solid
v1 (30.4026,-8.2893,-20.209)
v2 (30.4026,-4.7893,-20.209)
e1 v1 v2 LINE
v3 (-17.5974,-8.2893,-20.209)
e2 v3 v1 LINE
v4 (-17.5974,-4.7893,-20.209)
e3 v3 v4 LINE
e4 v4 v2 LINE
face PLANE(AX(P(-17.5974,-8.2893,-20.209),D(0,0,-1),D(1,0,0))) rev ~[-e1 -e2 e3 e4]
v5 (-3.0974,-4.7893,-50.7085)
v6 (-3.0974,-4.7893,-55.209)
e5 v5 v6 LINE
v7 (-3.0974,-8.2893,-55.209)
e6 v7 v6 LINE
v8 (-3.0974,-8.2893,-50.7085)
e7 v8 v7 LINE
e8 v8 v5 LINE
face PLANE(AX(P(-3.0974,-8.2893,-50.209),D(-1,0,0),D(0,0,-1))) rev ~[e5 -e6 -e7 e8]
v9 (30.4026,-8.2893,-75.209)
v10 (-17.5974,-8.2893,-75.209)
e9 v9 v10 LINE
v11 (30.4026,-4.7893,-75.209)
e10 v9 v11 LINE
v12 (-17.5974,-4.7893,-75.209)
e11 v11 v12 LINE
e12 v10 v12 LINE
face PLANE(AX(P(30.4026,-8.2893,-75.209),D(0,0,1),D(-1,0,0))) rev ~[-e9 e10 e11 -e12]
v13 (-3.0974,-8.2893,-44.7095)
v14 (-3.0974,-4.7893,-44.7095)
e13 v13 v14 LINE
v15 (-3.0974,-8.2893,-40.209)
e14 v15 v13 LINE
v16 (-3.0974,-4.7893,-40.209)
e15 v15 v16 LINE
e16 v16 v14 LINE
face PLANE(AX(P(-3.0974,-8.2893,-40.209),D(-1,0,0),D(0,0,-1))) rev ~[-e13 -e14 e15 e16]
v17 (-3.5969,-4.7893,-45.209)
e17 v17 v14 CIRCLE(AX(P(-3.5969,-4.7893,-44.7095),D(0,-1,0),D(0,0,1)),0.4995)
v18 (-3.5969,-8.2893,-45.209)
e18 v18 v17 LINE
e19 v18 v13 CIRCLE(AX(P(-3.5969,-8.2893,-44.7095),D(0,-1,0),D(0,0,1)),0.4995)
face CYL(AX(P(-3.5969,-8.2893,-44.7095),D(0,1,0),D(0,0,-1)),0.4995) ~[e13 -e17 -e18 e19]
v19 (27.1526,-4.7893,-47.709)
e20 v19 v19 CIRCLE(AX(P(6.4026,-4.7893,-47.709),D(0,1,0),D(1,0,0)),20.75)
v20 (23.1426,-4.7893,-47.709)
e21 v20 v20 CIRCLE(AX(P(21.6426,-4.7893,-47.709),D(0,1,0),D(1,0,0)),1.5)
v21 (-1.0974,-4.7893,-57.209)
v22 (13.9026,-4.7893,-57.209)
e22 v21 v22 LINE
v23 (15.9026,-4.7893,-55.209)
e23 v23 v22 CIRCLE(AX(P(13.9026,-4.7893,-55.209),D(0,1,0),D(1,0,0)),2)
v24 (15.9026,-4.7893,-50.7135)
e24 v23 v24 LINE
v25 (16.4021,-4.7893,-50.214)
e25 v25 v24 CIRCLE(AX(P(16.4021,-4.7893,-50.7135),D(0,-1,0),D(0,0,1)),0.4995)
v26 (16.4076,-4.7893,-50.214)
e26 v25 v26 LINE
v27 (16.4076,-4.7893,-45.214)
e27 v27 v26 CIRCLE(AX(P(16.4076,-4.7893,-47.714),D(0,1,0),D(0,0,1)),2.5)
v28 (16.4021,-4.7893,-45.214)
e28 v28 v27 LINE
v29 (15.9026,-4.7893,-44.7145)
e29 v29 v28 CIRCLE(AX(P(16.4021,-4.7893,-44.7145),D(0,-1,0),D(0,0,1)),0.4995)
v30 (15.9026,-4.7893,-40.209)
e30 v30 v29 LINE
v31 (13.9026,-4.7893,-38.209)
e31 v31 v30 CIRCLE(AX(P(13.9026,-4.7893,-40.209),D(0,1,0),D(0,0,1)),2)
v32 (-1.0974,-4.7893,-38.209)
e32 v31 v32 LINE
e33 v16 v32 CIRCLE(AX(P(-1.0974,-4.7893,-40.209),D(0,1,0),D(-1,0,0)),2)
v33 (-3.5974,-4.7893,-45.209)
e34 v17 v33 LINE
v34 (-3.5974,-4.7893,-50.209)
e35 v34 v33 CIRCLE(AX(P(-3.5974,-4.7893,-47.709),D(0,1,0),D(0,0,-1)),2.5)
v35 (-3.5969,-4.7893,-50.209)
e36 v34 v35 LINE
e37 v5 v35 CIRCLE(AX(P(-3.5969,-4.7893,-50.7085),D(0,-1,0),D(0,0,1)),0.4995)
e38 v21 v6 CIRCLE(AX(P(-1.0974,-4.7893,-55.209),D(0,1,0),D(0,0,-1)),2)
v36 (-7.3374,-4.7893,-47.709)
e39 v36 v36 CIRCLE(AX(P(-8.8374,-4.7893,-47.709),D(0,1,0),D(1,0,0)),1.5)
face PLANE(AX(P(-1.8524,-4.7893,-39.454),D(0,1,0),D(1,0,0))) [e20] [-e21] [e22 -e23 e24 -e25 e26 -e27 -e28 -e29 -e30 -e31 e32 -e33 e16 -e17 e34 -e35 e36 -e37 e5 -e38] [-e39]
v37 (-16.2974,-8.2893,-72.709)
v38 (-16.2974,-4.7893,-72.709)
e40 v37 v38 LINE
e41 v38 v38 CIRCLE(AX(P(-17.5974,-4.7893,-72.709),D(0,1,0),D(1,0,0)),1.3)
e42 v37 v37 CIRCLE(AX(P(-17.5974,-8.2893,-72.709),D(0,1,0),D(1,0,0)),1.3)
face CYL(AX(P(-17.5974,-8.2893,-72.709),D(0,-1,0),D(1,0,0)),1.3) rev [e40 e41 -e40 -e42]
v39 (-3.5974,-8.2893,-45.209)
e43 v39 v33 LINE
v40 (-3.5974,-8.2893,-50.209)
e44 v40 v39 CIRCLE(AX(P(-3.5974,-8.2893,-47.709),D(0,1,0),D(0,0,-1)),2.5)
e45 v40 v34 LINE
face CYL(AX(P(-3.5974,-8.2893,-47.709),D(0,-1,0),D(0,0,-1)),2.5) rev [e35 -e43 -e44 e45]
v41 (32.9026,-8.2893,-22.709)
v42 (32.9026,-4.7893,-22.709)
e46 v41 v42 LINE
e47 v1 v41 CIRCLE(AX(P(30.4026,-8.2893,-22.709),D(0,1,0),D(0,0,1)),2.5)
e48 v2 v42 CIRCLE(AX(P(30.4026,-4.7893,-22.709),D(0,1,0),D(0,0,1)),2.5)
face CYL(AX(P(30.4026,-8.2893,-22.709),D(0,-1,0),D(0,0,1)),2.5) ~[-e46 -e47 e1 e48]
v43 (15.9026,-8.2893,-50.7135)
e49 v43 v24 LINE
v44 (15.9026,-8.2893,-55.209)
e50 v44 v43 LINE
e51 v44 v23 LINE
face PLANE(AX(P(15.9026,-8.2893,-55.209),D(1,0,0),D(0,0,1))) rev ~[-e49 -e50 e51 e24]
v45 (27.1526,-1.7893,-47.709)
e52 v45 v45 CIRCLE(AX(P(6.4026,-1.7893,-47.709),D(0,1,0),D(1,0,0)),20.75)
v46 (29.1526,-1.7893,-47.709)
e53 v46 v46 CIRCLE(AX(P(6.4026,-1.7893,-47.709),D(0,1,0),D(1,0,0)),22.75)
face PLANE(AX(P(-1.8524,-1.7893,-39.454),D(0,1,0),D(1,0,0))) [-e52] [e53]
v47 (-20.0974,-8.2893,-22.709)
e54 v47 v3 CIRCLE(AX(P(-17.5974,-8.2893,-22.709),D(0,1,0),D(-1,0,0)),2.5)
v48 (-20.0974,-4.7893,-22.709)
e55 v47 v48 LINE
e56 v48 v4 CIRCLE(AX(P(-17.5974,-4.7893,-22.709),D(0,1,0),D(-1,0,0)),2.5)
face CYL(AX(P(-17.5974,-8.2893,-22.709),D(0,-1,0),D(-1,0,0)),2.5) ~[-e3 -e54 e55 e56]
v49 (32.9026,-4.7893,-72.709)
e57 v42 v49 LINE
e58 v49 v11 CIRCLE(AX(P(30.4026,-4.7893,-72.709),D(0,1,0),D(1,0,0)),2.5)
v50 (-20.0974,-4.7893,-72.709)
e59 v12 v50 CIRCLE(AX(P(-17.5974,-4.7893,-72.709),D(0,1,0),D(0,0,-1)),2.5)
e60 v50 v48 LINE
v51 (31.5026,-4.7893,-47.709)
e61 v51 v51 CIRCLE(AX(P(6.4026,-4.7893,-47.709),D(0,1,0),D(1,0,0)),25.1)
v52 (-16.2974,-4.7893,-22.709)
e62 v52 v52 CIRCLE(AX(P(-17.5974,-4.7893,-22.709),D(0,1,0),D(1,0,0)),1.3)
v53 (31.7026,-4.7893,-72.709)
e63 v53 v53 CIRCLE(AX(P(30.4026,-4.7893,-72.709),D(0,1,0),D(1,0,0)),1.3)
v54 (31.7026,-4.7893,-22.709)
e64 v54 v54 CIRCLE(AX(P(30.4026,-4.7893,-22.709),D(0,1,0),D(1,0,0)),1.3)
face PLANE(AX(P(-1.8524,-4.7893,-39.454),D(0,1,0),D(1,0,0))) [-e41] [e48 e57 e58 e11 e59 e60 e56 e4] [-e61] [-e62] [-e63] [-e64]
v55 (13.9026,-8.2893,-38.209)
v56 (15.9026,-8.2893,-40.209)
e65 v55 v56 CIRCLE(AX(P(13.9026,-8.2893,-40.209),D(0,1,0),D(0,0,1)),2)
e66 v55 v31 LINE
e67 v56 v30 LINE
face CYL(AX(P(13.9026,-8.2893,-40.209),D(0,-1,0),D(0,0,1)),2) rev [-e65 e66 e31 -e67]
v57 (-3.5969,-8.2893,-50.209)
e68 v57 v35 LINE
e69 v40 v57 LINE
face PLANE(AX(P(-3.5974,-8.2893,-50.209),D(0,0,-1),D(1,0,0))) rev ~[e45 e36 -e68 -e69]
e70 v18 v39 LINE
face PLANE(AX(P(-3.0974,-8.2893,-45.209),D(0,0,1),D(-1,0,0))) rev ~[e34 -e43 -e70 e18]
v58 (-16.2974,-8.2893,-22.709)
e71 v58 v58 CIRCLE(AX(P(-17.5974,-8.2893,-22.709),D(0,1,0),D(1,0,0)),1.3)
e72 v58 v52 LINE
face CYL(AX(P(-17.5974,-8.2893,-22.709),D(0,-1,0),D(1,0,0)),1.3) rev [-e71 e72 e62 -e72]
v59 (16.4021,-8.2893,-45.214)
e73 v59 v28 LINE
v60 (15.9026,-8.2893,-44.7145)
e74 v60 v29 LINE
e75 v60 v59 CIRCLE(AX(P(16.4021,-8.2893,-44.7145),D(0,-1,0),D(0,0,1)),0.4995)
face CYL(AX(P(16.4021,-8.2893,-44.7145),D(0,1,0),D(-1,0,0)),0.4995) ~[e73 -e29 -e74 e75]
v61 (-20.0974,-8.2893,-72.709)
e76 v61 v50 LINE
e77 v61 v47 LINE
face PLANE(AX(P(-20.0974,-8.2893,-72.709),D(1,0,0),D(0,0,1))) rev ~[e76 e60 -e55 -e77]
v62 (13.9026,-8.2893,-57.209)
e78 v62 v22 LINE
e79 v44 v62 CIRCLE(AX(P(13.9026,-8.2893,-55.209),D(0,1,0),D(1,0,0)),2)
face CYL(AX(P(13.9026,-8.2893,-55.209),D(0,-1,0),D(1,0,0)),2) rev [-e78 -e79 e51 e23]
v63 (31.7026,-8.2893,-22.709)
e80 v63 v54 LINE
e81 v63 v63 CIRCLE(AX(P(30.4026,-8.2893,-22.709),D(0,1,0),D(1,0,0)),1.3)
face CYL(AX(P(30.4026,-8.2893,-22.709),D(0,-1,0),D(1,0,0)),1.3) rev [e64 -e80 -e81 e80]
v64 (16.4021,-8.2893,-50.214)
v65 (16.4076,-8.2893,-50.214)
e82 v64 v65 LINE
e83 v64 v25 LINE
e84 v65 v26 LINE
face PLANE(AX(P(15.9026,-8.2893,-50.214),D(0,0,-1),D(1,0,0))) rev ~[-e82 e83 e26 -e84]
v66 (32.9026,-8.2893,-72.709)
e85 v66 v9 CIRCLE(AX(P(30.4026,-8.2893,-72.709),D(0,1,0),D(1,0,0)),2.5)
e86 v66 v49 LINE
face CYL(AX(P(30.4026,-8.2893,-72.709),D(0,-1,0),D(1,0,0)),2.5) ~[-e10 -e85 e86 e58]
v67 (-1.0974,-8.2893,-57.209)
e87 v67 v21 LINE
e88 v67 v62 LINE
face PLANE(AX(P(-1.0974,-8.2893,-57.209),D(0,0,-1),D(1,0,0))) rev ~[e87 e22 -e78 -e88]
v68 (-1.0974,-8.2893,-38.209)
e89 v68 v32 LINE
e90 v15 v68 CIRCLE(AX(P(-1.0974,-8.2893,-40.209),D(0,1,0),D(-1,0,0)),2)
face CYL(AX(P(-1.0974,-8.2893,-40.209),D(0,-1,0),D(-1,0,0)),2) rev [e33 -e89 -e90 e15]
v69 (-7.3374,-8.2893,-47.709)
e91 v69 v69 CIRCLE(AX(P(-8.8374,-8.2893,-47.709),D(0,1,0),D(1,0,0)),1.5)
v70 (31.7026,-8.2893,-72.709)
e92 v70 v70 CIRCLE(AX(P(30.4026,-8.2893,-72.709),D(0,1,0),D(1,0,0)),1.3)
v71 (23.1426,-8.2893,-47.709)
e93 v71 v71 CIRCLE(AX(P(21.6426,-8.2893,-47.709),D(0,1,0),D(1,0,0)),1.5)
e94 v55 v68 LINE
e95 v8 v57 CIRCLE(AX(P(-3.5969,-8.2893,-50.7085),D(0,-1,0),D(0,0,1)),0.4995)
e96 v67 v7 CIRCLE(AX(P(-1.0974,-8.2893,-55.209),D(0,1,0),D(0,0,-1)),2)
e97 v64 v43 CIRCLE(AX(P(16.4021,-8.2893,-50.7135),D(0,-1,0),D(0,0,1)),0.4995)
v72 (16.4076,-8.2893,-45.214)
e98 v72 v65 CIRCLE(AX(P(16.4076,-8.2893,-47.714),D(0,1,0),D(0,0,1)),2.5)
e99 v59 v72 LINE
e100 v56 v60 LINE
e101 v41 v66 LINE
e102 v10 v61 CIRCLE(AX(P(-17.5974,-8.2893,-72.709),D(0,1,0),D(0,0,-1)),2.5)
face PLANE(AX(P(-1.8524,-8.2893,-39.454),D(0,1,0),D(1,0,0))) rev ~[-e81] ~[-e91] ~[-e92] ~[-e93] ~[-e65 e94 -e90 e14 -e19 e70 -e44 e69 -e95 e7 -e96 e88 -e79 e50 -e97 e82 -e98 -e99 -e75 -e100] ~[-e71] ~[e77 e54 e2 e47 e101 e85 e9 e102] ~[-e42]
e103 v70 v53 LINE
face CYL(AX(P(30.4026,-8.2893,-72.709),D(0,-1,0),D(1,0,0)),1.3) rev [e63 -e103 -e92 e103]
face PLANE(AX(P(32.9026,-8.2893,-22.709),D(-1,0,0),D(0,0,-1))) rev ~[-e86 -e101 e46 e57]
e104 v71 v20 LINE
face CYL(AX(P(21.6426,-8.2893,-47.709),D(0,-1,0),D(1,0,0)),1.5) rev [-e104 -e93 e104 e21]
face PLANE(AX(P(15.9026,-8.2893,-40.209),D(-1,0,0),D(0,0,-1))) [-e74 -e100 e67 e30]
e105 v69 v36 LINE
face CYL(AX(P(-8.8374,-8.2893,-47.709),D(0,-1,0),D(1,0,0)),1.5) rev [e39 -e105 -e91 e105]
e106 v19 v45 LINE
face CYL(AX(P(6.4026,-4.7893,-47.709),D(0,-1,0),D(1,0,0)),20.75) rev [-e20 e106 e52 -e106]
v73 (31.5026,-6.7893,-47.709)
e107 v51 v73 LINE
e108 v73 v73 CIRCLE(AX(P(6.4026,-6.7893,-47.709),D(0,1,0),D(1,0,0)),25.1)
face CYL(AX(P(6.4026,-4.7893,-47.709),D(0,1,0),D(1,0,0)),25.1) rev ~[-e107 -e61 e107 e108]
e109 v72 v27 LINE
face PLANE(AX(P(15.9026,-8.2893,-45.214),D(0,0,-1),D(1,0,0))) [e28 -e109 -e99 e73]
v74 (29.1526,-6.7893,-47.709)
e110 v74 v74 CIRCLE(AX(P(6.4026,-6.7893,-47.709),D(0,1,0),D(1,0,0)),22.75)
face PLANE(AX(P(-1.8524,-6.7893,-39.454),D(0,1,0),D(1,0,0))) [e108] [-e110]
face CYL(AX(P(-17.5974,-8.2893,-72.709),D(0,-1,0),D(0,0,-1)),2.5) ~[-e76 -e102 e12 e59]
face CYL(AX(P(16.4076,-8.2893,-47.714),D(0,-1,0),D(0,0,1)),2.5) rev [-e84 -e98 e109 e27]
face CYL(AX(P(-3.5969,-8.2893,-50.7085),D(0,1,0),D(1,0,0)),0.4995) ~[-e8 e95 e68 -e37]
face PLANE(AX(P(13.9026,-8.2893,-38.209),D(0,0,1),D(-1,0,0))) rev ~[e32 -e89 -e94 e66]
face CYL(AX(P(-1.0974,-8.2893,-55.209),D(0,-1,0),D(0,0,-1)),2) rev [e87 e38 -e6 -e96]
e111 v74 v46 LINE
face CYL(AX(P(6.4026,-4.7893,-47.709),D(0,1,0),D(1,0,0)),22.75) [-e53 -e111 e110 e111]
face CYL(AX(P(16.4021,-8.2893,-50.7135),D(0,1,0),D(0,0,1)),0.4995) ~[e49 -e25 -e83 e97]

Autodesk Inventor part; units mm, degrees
ref_plane "YZ Plane" through (0, 0, 0) normal (1, 0, 0) x (0, 1, 0)
ref_plane "XZ Plane" through (0, 0, 0) normal (0, 1, 0) x (-1, 0, 0)
ref_plane "作業平面1" through (-1.8524, -8.2893, -39.454) normal (0, 1, 0) x (1, 0, 0)
sketch "スケッチ1" plane through (-1.8524, -8.2893, -39.454) normal (0, 1, 0) x (1, 0, 0)
  line L0 (9.655, 16.755) -> (9.655, 15.8775) projected
  arc A0 (6.855, 15.8775) -> (9.655, 15.8775) centre (8.255, 8.255) ccw projected
  line L1 (6.855, 15.8775) -> (6.855, 16.755) projected
  line L2 (6.855, 16.755) -> (0.755, 16.755) projected
  arc A1 (0.755, 16.755) -> (-0.245, 15.755) centre (0.755, 15.755) ccw projected
  line L3 (-0.245, 15.755) -> (-0.245, 10.155) projected
  line L4 (-0.245, 10.155) -> (-1.745, 10.155) projected
  arc A2 (-1.745, 10.155) -> (-1.745, 6.355) centre (-1.745, 8.255) ccw projected
  line L5 (-1.745, 6.355) -> (-0.245, 6.355) projected
  line L6 (-0.245, 6.355) -> (-0.245, 0.755) projected
  arc A3 (-0.245, 0.755) -> (0.755, -0.245) centre (0.755, 0.755) ccw projected
  line L7 (0.755, -0.245) -> (15.755, -0.245) projected
  arc A4 (15.755, -0.245) -> (16.755, 0.755) centre (15.755, 0.755) ccw projected
  line L8 (16.755, 0.755) -> (16.755, 6.355) projected
  line L9 (16.755, 6.355) -> (18.255, 6.355) projected
  arc A5 (18.255, 6.355) -> (18.255, 10.155) centre (18.255, 8.255) ccw projected
  line L10 (18.255, 10.155) -> (16.755, 10.155) projected
  line L11 (16.755, 10.155) -> (16.755, 15.755) projected
  arc A6 (16.755, 15.755) -> (15.755, 16.755) centre (15.755, 15.755) ccw projected
  line L12 (15.755, 16.755) -> (9.655, 16.755) projected
  circle A7 centre (-1.745, 8.255) radius 0.9 projected
  circle A8 centre (18.255, 8.255) radius 0.9 projected
  line L13 (-15.745, -19.245) -> (32.255, -19.245)
  line L14 (34.755, -16.745) -> (34.755, 33.255)
  line L15 (32.255, 35.755) -> (-15.745, 35.755)
  line L16 (-18.245, 33.255) -> (-18.245, -16.745)
  line L17 (-18.245, -19.245) -> (34.755, 35.755) construction
  line L18 (34.755, -19.245) -> (-18.245, 35.755) construction
  arc A9 (-15.745, 35.755) -> (-18.245, 33.255) centre (-15.745, 33.255) ccw
  arc A10 (34.755, 33.255) -> (32.255, 35.755) centre (32.255, 33.255) ccw
  arc A11 (32.255, -19.245) -> (34.755, -16.745) centre (32.255, -16.745) ccw
  arc A12 (-18.245, -16.745) -> (-15.745, -19.245) centre (-15.745, -16.745) ccw
  circle A13 centre (-15.745, 33.255) radius 1.3
  circle A14 centre (32.255, 33.255) radius 1.3
  circle A15 centre (32.255, -16.745) radius 1.3
  circle A16 centre (-15.745, -16.745) radius 1.3
  line L19 (32.255, -16.745) -> (-15.745, -16.745) construction
  line L20 (-15.745, -16.745) -> (-15.745, 33.255) construction
  line L21 (-15.745, 33.255) -> (32.255, 33.255) construction
  line L22 (32.255, 33.255) -> (32.255, -16.745) construction
  line L23 (32.255, -16.745) -> (-15.745, 33.255) construction
  line L24 (-15.745, -16.745) -> (32.255, 33.255) construction
  line L25 (6.855, 16.755) -> (9.655, 16.755)
  circle A17 centre (-6.985, 8.255) radius 1.5 projected
  circle A18 centre (18.26, 8.26) radius 1.27 projected
  circle A19 centre (23.495, 8.255) radius 1.5 projected
  arc A20 (-1.745, 10.755) -> (-1.745, 5.755) centre (-1.745, 8.255) ccw
  arc A21 (18.26, 5.76) -> (18.26, 10.76) centre (18.26, 8.26) ccw
  arc A22 (17.755, 15.755) -> (15.755, 17.755) centre (15.755, 15.755) ccw
  arc A23 (15.755, -1.245) -> (17.755, 0.755) centre (15.755, 0.755) ccw
  arc A24 (-1.245, 0.755) -> (0.755, -1.245) centre (0.755, 0.755) ccw
  arc A25 (0.755, 17.755) -> (-1.245, 15.755) centre (0.755, 15.755) ccw
  line L26 (0.755, 17.755) -> (15.755, 17.755)
  line L27 (17.755, 15.755) -> (17.755, 10.76)
  line L28 (17.755, 10.76) -> (18.26, 10.76)
  line L29 (17.755, 0.755) -> (17.755, 5.76)
  line L30 (17.755, 5.76) -> (18.26, 5.76)
  line L31 (15.755, -1.245) -> (0.755, -1.245)
  line L32 (-1.245, 0.755) -> (-1.245, 5.755)
  line L33 (-1.245, 5.755) -> (-1.745, 5.755)
  line L34 (-1.745, 10.755) -> (-1.245, 10.755)
  line L35 (-1.245, 10.755) -> (-1.245, 15.755)
  point P0 (1.8524, -39.454)
  dimension "d2" = 2.5
  dimension "d3" = 2.6
  dimension "d4" = 50
  dimension "d5" = 48
  dimension "d15" = 2.5
  dimension "d16" = 2
extrude "押し出し1" add sketch "スケッチ1" along normal blind 3.5 contours A12 L16 A9 L15 A10 L14 A11 L13
sketch "スケッチ2" plane through (-1.8524, -4.7893, -39.454) normal (0, 1, 0) x (1, 0, 0)
  arc A0 (32.255, -19.245) -> (34.755, -16.745) centre (32.255, -16.745) ccw projected
  line L0 (34.755, -16.745) -> (34.755, 33.255) projected
  arc A1 (34.755, 33.255) -> (32.255, 35.755) centre (32.255, 33.255) ccw projected
  line L1 (32.255, 35.755) -> (-15.745, 35.755) projected
  arc A2 (-15.745, 35.755) -> (-18.245, 33.255) centre (-15.745, 33.255) ccw projected
  line L2 (-18.245, 33.255) -> (-18.245, -16.745) projected
  arc A3 (-18.245, -16.745) -> (-15.745, -19.245) centre (-15.745, -16.745) ccw projected
  line L3 (-15.745, -19.245) -> (32.255, -19.245) projected
  circle A4 centre (-15.745, -16.745) radius 1.3 projected
  circle A5 centre (32.255, -16.745) radius 1.3 projected
  circle A6 centre (32.255, 33.255) radius 1.3 projected
  circle A7 centre (-15.745, 33.255) radius 1.3 projected
  circle A8 centre (8.255, 8.255) radius 25.1
  circle A9 centre (8.255, 8.255) radius 22.75
  circle A10 centre (8.255, 8.255) radius 20.75
  point P0 (1.8524, -39.454)
  dimension "d8" = 50.2
  dimension "d9" = 45.5
  dimension "d10" = 2
extrude "押し出し2" add sketch "スケッチ2" along normal blind 3 contours A9
extrude "押し出し3" cut sketch "スケッチ2" against normal blind 2 contours A8
fillet "フィレット1" radius 0.5 4 edges at (-3.0974, -6.5393, -50.209) (-3.0974, -6.5393, -45.209) (15.9026, -6.5393, -50.214) (15.9026, -6.5393, -45.214)
properties part number "Camera_Mount"
